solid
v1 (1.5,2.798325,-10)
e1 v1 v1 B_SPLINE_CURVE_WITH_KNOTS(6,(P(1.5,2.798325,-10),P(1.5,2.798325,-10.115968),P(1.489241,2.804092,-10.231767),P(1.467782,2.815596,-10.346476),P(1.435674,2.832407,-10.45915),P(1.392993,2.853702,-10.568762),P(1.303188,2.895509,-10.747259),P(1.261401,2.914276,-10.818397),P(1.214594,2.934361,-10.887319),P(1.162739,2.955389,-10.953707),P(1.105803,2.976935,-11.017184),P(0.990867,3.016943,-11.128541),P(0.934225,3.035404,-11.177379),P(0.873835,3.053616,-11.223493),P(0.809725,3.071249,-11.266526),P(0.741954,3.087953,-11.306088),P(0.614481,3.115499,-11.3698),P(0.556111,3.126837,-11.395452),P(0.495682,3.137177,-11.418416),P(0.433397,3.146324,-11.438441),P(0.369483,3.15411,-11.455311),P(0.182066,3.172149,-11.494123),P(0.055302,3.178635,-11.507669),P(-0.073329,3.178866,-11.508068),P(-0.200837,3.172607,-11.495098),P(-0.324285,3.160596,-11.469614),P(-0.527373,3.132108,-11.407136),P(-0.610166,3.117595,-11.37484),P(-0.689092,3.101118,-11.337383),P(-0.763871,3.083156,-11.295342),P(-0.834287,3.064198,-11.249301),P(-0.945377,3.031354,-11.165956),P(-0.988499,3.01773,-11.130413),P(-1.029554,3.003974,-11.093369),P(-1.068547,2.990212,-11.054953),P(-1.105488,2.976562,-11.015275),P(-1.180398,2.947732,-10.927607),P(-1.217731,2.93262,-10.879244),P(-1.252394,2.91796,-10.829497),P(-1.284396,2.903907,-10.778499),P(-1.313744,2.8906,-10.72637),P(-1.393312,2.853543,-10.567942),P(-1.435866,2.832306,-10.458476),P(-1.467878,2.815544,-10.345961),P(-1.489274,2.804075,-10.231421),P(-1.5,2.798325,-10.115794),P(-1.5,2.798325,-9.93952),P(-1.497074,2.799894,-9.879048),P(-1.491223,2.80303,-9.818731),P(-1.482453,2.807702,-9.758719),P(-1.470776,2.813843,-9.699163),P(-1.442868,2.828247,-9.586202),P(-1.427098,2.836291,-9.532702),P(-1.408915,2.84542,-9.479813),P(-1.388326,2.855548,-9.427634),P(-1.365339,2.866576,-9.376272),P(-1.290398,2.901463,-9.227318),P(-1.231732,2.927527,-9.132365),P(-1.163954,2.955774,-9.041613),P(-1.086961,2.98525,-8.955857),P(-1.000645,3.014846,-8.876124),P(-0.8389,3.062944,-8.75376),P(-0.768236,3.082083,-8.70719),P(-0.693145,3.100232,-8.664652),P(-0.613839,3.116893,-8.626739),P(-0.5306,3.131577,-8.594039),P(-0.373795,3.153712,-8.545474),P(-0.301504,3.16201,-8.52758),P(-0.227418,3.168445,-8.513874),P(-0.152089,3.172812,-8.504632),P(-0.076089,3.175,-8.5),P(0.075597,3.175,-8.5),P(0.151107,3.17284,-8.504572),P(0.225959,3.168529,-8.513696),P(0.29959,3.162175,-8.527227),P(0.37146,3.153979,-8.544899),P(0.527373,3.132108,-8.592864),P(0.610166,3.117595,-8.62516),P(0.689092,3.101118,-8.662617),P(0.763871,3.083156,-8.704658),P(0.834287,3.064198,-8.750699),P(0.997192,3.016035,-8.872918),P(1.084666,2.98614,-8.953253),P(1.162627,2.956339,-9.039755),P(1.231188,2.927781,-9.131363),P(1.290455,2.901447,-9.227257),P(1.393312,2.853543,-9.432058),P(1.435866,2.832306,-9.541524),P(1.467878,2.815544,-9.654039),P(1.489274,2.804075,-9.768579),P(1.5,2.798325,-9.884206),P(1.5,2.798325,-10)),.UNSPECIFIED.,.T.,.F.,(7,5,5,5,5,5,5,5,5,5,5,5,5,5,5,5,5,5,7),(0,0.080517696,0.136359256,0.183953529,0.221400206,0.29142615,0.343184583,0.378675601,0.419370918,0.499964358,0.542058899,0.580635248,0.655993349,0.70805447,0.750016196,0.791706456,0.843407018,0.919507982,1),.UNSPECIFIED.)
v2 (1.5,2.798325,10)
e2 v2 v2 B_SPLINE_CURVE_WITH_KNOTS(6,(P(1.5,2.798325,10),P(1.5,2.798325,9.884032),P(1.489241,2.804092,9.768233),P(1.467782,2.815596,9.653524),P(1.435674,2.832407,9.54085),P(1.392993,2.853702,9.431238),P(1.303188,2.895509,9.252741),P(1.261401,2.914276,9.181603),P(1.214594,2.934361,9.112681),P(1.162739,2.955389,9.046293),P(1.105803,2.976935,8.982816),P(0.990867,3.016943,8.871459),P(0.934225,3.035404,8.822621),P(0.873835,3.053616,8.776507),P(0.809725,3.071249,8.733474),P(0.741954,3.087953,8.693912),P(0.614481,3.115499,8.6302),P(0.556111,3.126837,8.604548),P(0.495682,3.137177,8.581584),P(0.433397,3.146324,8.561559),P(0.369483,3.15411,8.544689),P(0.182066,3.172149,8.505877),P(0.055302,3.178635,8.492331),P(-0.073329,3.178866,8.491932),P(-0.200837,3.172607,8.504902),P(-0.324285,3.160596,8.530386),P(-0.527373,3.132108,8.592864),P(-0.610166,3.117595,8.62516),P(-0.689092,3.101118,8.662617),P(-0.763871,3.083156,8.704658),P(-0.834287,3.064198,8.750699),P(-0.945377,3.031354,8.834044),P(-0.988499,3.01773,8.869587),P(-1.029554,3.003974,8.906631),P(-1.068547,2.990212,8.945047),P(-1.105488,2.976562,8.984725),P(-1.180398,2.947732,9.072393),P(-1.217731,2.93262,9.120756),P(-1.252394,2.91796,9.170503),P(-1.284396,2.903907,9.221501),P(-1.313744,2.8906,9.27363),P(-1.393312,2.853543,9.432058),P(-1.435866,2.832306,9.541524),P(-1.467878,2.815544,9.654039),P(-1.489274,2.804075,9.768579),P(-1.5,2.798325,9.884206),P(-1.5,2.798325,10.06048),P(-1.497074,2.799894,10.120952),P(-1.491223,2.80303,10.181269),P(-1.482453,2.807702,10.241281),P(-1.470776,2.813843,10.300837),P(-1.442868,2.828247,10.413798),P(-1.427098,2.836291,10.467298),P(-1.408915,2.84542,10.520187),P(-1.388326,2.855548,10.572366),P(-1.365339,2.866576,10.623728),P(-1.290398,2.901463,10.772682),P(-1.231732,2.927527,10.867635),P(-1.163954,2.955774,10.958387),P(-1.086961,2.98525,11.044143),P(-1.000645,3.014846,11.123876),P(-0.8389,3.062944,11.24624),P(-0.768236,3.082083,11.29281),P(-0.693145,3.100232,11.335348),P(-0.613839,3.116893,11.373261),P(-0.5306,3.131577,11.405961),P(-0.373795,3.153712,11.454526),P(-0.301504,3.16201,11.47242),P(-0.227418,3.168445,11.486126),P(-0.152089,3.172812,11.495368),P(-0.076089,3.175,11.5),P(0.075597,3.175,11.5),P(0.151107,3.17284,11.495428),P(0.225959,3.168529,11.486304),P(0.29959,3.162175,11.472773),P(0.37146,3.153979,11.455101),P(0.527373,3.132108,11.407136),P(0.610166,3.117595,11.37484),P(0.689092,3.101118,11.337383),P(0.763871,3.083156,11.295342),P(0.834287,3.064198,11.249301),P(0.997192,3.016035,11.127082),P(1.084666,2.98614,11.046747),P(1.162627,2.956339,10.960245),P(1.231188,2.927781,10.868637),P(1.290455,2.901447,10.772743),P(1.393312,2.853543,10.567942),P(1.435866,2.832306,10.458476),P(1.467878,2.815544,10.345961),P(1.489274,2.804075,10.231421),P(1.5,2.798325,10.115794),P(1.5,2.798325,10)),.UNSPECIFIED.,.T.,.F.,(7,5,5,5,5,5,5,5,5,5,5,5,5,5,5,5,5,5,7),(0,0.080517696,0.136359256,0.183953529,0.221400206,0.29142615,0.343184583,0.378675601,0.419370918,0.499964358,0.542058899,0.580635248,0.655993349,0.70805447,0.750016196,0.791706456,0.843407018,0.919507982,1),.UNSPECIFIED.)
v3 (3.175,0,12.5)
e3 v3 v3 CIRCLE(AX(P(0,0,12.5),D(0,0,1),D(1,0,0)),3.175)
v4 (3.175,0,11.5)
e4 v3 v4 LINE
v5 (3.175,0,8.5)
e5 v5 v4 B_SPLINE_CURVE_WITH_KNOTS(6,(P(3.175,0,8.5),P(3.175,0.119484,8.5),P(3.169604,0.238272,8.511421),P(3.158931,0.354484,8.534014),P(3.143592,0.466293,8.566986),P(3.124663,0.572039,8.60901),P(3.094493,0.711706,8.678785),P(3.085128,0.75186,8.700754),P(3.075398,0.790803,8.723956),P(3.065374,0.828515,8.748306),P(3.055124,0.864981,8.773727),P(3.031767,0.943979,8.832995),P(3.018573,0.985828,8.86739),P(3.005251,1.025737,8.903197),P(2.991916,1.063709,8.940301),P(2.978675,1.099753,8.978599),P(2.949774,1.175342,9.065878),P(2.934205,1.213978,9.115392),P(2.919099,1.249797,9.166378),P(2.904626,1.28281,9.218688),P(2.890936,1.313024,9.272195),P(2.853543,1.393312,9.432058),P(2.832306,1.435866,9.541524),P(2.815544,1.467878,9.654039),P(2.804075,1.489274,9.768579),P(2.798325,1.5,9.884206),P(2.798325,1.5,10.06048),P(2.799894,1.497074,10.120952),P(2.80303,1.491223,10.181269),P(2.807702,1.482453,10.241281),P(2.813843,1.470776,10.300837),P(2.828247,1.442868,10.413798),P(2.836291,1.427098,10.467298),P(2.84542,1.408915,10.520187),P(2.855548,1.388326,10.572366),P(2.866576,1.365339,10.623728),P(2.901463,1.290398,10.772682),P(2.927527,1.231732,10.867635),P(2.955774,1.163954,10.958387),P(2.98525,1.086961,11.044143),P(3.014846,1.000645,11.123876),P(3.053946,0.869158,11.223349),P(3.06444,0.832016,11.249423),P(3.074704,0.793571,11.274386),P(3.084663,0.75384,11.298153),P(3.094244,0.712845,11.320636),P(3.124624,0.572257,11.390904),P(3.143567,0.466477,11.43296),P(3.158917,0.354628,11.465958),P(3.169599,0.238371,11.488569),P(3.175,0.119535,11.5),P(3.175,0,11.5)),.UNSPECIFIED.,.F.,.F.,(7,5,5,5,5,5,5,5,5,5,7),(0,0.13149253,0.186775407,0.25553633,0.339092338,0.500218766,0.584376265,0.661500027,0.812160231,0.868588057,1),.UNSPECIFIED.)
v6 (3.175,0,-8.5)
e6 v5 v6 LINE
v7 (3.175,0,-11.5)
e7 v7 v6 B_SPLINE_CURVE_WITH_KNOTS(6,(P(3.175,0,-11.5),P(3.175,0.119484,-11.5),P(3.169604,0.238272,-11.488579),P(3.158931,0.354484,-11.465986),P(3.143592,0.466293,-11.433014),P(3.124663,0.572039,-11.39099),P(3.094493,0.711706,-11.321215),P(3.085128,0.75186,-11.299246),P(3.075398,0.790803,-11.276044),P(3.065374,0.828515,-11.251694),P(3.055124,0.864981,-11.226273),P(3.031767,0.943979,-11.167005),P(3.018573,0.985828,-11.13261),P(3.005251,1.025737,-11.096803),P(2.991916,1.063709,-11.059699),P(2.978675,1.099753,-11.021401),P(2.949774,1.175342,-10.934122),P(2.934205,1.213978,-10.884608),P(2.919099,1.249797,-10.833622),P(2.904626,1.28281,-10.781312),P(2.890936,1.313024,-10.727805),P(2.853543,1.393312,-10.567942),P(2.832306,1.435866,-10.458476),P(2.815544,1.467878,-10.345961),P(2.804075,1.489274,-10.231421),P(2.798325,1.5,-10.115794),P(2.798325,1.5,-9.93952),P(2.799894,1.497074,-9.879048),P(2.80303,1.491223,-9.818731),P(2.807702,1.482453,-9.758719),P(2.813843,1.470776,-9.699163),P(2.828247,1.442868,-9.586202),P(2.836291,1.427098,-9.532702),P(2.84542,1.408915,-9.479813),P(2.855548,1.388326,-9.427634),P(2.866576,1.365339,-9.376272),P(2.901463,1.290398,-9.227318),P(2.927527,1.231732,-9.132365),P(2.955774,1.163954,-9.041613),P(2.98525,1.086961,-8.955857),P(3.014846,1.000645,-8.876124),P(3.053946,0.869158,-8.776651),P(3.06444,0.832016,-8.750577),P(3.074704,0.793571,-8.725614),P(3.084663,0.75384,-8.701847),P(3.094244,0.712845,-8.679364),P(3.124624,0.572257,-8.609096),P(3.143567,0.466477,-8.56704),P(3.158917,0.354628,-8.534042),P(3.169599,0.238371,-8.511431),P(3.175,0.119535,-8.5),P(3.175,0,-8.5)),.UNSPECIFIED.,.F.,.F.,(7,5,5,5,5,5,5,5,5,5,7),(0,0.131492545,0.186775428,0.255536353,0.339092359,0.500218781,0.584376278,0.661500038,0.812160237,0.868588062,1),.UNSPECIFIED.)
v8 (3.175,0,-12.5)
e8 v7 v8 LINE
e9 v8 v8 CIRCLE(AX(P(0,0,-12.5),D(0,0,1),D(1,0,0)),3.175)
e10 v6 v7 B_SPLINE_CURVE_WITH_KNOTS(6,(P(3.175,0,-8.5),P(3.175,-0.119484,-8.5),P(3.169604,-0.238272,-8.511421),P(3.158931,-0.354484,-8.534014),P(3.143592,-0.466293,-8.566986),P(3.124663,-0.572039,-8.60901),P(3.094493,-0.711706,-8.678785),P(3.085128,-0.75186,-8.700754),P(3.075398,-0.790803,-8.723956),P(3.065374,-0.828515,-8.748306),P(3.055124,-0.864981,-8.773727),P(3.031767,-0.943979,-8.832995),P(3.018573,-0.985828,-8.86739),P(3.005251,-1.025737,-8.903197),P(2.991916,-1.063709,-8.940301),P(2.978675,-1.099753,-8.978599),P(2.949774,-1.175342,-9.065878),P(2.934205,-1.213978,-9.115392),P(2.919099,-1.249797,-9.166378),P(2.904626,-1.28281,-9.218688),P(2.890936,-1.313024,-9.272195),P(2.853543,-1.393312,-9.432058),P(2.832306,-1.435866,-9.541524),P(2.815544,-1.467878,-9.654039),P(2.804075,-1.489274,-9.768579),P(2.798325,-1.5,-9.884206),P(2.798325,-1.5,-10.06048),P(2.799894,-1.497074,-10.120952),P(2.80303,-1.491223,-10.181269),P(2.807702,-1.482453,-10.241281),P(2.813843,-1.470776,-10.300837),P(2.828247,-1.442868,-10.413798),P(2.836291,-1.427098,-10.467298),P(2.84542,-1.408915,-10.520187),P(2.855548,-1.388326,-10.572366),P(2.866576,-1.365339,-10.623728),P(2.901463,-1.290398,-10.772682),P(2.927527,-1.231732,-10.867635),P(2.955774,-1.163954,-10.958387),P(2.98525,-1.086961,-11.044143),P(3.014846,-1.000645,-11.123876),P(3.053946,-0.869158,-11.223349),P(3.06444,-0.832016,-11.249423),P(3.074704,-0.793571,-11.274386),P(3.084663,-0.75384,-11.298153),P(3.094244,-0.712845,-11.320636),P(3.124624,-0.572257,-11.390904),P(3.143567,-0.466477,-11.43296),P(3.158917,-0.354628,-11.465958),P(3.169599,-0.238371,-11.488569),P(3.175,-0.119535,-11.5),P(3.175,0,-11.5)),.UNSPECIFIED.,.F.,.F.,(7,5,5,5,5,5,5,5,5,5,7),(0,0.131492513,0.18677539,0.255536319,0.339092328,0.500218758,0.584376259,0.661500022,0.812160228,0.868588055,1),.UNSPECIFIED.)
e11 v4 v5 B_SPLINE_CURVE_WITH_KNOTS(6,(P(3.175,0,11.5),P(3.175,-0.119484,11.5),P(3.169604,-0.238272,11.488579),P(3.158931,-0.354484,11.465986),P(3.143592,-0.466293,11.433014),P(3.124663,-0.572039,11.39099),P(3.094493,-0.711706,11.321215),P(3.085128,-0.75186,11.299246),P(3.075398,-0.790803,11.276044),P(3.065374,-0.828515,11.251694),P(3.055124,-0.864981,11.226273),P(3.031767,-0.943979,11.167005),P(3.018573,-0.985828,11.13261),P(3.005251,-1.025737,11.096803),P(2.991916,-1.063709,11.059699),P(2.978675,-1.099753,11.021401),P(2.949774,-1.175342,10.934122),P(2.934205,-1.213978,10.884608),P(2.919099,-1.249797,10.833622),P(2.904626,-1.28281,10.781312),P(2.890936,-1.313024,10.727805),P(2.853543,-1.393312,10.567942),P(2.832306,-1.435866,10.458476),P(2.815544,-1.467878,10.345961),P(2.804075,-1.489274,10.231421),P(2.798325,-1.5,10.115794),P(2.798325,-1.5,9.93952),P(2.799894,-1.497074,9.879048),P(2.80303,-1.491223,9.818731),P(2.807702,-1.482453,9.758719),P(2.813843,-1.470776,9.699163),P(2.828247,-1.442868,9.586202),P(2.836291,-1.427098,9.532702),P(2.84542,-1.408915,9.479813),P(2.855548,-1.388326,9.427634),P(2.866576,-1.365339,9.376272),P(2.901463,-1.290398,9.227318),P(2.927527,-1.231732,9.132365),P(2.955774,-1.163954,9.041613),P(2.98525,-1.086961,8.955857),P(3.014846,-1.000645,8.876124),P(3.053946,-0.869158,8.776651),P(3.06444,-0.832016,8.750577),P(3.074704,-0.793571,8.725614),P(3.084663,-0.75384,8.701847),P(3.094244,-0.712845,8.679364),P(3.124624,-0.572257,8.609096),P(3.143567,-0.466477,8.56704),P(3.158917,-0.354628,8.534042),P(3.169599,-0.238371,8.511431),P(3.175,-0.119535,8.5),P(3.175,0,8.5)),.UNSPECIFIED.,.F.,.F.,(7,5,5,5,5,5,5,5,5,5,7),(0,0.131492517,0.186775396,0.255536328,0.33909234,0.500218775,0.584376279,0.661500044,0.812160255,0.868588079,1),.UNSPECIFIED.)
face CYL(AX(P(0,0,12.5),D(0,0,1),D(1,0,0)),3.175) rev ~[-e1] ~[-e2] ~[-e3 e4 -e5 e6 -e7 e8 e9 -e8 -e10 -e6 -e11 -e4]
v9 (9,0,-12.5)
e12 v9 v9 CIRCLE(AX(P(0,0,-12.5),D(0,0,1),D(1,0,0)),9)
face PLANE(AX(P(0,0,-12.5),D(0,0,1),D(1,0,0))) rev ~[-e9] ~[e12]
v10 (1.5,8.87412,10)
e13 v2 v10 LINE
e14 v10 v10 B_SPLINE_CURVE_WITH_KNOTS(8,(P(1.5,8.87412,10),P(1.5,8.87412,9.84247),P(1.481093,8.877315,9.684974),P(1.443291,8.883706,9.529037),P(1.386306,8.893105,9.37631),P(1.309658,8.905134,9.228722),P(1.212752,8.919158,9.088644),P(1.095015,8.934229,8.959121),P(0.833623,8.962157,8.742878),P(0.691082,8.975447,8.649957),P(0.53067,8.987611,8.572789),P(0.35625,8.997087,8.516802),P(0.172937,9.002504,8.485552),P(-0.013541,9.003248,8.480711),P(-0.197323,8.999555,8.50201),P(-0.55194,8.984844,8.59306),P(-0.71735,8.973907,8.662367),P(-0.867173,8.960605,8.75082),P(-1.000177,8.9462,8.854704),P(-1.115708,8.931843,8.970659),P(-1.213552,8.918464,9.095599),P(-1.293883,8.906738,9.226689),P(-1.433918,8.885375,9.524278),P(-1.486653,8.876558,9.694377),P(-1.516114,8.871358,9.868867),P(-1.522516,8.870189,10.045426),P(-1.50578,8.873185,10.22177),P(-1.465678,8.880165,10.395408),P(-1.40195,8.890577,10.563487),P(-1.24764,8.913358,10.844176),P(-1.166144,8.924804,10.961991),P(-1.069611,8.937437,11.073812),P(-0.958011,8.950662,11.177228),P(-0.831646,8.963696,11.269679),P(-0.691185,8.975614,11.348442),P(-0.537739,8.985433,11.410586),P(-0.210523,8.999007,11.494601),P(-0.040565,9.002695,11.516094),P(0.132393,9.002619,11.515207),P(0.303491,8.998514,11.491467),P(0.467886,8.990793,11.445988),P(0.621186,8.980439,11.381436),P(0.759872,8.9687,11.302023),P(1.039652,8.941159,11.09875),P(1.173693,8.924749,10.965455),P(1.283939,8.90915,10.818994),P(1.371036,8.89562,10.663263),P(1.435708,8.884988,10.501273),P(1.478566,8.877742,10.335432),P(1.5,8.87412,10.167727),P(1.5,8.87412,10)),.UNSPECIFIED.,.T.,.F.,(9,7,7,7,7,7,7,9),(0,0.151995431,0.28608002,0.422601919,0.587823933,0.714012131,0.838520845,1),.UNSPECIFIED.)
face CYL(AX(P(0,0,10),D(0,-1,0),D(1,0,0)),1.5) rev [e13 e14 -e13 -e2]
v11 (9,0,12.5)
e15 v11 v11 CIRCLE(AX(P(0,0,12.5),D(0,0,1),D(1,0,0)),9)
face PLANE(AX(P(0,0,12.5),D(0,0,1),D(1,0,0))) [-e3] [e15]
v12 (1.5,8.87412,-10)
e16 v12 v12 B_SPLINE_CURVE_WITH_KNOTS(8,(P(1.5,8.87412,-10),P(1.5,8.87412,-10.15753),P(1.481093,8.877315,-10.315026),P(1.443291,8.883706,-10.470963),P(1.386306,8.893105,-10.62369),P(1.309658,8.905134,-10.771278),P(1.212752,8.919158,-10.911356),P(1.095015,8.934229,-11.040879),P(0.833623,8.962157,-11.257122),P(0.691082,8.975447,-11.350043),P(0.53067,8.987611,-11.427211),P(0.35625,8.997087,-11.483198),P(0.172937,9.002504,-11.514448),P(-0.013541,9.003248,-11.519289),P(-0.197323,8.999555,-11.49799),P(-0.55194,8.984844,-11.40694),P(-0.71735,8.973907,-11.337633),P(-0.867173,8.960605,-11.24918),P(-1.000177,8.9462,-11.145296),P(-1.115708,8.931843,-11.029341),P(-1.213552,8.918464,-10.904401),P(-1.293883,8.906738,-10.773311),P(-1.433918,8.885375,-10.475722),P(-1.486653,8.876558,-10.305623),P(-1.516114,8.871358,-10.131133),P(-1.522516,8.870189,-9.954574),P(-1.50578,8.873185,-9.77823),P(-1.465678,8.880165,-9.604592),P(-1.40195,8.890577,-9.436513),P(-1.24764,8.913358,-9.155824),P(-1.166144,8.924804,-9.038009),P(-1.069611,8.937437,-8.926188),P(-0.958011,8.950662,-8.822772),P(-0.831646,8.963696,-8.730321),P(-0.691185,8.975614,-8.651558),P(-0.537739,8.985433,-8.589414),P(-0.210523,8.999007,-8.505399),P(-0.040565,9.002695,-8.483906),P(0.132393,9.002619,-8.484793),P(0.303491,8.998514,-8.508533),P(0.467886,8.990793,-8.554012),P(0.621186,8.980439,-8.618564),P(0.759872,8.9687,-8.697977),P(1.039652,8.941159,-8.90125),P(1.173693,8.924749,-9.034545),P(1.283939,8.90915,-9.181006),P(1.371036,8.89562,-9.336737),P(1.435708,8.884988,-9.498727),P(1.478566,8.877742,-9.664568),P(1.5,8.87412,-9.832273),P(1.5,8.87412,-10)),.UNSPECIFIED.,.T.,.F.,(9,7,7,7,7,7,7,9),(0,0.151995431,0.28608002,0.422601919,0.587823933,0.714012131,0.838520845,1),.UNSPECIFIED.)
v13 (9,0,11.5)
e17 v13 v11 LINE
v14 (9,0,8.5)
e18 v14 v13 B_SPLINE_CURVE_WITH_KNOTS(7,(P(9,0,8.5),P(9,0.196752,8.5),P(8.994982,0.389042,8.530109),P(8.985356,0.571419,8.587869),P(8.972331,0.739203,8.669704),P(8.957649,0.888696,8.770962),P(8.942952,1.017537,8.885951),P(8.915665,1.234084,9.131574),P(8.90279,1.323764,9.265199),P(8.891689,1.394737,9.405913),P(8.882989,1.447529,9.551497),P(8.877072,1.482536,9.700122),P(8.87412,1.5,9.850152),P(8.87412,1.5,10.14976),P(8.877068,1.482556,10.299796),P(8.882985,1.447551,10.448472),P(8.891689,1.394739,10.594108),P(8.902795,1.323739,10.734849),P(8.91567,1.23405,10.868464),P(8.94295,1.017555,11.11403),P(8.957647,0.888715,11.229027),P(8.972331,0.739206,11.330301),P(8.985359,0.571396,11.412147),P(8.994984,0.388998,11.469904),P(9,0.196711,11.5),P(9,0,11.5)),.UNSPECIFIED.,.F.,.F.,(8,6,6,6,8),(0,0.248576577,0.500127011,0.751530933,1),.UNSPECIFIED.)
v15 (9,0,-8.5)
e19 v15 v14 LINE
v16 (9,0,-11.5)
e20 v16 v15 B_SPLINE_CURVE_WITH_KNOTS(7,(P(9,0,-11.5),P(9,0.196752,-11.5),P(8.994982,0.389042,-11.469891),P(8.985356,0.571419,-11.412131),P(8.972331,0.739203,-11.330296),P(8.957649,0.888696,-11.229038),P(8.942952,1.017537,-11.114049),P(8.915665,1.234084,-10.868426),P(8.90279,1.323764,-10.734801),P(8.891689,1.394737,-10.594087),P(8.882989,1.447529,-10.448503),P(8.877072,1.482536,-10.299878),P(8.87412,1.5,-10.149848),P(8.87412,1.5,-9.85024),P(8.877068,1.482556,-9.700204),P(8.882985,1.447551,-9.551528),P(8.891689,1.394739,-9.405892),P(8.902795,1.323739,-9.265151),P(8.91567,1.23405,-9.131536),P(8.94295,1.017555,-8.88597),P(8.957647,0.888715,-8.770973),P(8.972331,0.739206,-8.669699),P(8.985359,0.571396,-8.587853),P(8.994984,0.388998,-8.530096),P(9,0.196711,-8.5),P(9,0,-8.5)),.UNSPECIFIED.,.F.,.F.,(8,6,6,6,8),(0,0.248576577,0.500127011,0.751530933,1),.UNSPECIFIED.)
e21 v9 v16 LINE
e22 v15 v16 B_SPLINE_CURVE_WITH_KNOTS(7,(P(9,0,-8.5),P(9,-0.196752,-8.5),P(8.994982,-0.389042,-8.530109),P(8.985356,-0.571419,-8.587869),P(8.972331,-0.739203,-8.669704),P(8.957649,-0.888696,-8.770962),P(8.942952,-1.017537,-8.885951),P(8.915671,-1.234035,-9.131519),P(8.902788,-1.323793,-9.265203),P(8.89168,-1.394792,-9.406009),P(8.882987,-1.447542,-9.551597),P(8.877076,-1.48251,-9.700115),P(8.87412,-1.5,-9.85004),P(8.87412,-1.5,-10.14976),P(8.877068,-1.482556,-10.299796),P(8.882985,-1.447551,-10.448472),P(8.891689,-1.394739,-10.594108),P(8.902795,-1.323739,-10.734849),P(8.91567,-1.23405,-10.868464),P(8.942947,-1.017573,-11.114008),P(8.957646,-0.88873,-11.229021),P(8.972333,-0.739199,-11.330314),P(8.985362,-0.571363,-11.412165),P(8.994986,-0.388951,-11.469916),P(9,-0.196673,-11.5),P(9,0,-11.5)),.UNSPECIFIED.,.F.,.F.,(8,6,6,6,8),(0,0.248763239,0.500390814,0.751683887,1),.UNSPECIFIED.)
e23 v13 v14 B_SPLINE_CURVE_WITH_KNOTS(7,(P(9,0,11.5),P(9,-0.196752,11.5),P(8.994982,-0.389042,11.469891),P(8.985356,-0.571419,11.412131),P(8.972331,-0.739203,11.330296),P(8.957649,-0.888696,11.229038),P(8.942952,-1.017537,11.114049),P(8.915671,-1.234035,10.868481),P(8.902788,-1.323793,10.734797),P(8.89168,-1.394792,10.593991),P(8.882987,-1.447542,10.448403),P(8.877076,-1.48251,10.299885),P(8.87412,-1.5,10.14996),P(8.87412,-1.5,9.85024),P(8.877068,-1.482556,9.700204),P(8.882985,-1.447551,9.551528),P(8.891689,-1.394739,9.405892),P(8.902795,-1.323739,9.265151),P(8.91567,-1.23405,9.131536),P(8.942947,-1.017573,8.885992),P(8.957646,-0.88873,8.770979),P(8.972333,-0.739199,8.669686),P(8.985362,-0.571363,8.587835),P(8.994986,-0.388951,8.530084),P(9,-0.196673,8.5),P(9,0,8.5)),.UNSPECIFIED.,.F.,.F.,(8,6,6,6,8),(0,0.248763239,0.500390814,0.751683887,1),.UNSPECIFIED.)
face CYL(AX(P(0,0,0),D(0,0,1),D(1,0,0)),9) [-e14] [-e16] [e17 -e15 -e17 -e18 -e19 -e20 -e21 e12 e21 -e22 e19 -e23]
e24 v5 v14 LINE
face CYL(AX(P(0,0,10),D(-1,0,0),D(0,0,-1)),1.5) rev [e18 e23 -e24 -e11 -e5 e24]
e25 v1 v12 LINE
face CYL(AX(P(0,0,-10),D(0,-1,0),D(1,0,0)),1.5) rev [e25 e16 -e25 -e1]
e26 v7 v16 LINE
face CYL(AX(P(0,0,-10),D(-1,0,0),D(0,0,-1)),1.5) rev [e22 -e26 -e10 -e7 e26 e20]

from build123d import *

# Parameters (mm, degrees)
SKETCH1_R           = 9
BOSS_EXTRUDE1_DEPTH = 12.5
SKETCH2_R           = 3.175
CUT_EXTRUDE1_DEPTH  = 26
SKETCH3_R           = 1.5
CUT_EXTRUDE2_DEPTH  = 10
SKETCH4_R           = 1.5
CUT_EXTRUDE3_DEPTH  = 10.0000001


with BuildPart() as part:
    # Sketch1 → Boss-Extrude1 (new body, symmetric)
    with BuildSketch(Plane.XY):
        Circle(SKETCH1_R)
    extrude(amount=BOSS_EXTRUDE1_DEPTH, both=True)

    # Sketch2 → Cut-Extrude1 (cut, through all)
    with BuildSketch(Plane.XY.offset(12.5)):
        Circle(SKETCH2_R)
    extrude(amount=-CUT_EXTRUDE1_DEPTH, mode=Mode.SUBTRACT)

    # Sketch3 → Cut-Extrude2 (cut, through all)
    with BuildSketch(Plane(origin=(0, 0, 0), x_dir=(1, 0, 0), z_dir=(0, 1, 0))):
        with Locations((0, 10)):
            Circle(SKETCH3_R)
        with Locations((0, -10)):
            Circle(SKETCH3_R)
    extrude(amount=CUT_EXTRUDE2_DEPTH, mode=Mode.SUBTRACT)

    # Sketch4 → Cut-Extrude3 (cut, through all)
    with BuildSketch(Plane(origin=(0, 0, 0), x_dir=(0, 0, -1), z_dir=(1, 0, 0))):
        with Locations((-10, 0)):
            Circle(SKETCH4_R)
        with Locations((10, 0)):
            Circle(SKETCH4_R)
    extrude(amount=CUT_EXTRUDE3_DEPTH, mode=Mode.SUBTRACT)


solid = part.part
